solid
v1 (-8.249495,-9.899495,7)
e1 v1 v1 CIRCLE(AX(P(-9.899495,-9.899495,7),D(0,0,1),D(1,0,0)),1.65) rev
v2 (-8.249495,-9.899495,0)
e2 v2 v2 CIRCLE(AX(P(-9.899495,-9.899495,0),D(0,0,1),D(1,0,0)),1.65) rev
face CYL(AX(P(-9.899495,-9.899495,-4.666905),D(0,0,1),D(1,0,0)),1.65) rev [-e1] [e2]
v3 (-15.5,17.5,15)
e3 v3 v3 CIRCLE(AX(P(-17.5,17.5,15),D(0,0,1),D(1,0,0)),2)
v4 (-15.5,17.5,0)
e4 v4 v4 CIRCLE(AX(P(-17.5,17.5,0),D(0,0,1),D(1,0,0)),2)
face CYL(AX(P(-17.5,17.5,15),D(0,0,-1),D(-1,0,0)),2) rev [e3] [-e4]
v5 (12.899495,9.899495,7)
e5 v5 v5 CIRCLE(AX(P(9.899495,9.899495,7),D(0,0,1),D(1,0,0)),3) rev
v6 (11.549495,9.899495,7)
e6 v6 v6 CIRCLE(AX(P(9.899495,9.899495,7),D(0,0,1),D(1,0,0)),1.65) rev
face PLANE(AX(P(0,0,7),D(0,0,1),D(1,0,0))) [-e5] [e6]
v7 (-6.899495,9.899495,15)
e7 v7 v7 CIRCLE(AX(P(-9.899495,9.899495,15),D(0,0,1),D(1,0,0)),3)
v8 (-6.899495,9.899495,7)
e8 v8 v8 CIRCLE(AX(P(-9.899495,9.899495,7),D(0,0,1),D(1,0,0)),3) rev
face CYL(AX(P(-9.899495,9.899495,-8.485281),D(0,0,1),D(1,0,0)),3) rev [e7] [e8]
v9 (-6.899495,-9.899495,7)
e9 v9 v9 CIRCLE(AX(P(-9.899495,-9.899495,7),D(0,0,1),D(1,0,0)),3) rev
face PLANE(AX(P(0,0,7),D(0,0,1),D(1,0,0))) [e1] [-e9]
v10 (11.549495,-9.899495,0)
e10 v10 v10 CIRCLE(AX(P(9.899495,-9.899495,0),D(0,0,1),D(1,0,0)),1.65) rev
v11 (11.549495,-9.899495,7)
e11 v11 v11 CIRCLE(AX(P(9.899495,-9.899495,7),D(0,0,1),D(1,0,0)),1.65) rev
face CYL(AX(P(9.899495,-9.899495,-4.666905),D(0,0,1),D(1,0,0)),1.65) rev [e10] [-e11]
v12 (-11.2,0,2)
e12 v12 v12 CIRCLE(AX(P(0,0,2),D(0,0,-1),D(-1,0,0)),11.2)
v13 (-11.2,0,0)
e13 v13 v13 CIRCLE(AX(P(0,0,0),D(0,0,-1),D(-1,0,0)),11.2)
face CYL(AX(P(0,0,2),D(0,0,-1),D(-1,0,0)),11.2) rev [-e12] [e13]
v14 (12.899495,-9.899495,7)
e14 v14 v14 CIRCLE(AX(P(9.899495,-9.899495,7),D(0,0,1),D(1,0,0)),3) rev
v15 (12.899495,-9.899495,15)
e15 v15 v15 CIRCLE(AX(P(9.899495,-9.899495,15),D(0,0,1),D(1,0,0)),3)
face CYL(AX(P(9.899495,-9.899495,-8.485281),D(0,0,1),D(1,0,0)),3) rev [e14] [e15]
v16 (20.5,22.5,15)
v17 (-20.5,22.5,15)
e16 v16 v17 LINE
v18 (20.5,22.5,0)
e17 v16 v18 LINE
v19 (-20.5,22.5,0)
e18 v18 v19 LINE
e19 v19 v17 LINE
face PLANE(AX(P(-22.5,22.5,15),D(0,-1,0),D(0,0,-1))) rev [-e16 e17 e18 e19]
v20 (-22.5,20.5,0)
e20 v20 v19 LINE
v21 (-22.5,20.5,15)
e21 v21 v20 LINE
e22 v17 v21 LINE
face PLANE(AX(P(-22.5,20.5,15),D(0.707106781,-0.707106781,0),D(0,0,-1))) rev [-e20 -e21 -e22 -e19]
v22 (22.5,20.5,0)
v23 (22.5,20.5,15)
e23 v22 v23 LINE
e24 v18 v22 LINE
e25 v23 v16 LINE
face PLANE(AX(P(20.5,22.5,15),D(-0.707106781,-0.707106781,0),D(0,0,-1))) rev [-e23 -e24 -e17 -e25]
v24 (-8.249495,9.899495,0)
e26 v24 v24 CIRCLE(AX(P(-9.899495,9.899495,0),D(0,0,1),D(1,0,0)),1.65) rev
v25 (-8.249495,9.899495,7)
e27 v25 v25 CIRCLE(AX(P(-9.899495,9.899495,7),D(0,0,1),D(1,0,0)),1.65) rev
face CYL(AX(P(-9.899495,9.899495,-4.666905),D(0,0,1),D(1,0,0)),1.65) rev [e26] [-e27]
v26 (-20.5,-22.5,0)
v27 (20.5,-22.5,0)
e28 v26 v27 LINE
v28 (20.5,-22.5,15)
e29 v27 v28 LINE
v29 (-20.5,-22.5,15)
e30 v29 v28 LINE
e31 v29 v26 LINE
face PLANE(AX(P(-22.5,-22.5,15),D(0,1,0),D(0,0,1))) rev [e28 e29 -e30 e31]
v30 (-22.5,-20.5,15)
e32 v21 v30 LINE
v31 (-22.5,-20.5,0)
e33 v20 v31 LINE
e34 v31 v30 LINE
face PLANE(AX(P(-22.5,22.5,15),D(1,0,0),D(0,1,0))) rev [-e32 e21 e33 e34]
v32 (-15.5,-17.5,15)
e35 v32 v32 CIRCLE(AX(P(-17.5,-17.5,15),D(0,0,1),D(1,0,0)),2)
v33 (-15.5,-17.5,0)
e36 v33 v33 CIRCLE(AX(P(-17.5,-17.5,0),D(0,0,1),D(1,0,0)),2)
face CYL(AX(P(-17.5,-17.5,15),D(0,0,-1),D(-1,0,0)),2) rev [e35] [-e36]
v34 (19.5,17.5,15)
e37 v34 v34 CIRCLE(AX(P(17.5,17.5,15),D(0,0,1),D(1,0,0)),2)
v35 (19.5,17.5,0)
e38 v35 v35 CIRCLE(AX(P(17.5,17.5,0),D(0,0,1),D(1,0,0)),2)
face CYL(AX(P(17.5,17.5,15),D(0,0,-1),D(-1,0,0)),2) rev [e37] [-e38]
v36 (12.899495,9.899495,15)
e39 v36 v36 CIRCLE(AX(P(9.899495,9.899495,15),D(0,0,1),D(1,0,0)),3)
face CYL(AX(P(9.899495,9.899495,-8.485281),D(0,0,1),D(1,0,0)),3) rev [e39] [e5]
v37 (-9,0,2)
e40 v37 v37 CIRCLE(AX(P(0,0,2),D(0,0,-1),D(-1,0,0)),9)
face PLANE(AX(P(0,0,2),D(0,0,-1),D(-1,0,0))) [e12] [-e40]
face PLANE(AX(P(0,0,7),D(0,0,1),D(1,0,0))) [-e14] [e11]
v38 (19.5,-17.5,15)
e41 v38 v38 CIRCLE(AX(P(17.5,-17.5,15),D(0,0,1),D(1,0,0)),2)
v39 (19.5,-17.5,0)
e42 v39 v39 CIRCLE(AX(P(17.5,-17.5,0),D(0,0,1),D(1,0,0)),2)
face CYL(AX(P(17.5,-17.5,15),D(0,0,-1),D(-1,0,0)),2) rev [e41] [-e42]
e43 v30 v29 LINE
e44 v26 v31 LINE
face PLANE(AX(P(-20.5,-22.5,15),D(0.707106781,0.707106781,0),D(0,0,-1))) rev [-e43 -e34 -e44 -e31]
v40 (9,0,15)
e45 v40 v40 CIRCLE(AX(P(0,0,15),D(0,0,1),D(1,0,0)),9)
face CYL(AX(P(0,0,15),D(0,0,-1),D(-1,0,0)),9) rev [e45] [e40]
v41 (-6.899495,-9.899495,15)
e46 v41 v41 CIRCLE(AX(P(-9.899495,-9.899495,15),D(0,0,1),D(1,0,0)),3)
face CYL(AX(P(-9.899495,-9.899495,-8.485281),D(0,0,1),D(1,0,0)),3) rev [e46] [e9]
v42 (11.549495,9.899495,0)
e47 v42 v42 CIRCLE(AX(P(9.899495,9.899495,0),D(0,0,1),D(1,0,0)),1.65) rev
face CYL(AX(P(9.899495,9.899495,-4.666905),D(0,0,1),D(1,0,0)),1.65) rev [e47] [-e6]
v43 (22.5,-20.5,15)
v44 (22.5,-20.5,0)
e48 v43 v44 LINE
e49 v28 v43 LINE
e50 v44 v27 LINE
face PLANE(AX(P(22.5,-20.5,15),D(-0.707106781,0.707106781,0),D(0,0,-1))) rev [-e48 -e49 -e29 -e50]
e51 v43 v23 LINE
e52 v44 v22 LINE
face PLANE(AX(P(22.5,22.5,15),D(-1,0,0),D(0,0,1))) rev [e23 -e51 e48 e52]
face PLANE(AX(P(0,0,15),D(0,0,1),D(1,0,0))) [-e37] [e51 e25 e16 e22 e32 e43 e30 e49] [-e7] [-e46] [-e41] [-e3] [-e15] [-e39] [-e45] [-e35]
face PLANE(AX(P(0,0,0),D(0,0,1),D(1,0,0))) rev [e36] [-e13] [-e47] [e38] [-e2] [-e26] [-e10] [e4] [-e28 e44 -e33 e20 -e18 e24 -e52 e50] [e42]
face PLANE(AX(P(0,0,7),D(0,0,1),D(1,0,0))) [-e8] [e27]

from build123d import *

# Parameters (mm, degrees)
SKETCH1_W           = 45
SKETCH1_H           = 45
SKETCH1_R           = 9
SKETCH1_R_2         = 2
BOSS_EXTRUDE1_DEPTH = 15
SKETCH2_R           = 1.65
CUT_EXTRUDE1_DEPTH  = 15
SKETCH3_R           = 3
CUT_EXTRUDE2_DEPTH  = 8
CHAMFER1_SIZE       = 2
SKETCH4_R           = 11.2
CUT_EXTRUDE3_DEPTH  = 2


with BuildPart() as part:
    # Sketch1 → Boss-Extrude1 (new body)
    with BuildSketch(Plane.XY):
        Rectangle(SKETCH1_W, SKETCH1_H)
        Circle(SKETCH1_R, mode=Mode.SUBTRACT)
        with Locations((-17.5, 17.5)):
            Circle(SKETCH1_R_2, mode=Mode.SUBTRACT)
        with Locations((17.5, 17.5)):
            Circle(SKETCH1_R_2, mode=Mode.SUBTRACT)
        with Locations((17.5, -17.5)):
            Circle(SKETCH1_R_2, mode=Mode.SUBTRACT)
        with Locations((-17.5, -17.5)):
            Circle(SKETCH1_R_2, mode=Mode.SUBTRACT)
    extrude(amount=BOSS_EXTRUDE1_DEPTH)

    # Sketch2 → Cut-Extrude1 (cut)
    with BuildSketch(Plane.XY.offset(15)):
        with Locations((9.899494937, 9.899494937)):
            Circle(SKETCH2_R)
        with Locations((9.899494937, -9.899494937)):
            Circle(SKETCH2_R)
        with Locations((-9.899494937, -9.899494937)):
            Circle(SKETCH2_R)
        with Locations((-9.899494937, 9.899494937)):
            Circle(SKETCH2_R)
    extrude(amount=-CUT_EXTRUDE1_DEPTH, mode=Mode.SUBTRACT)

    # Sketch3 → Cut-Extrude2 (cut)
    with BuildSketch(Plane.XY.offset(15)):
        with Locations((9.899494937, 9.899494937)):
            Circle(SKETCH3_R)
        with Locations((9.899494937, -9.899494937)):
            Circle(SKETCH3_R)
        with Locations((-9.899494937, -9.899494937)):
            Circle(SKETCH3_R)
        with Locations((-9.899494937, 9.899494937)):
            Circle(SKETCH3_R)
    extrude(amount=-CUT_EXTRUDE2_DEPTH, mode=Mode.SUBTRACT)

    # Chamfer1
    chamfer1_edges = [part.edges().sort_by_distance(p)[0] for p in [
        (22.5, -22.5, 7.5),
        (-22.5, -22.5, 7.5),
        (-22.5, 22.5, 7.5),
        (22.5, 22.5, 7.5),
    ]]
    chamfer(chamfer1_edges, length=CHAMFER1_SIZE)

    # Sketch4 → Cut-Extrude3 (cut)
    with BuildSketch(Plane(origin=(0, 0, 0), x_dir=(-1, 0, 0), z_dir=(0, 0, -1))):
        Circle(SKETCH4_R)
    extrude(amount=-CUT_EXTRUDE3_DEPTH, mode=Mode.SUBTRACT)


solid = part.part
